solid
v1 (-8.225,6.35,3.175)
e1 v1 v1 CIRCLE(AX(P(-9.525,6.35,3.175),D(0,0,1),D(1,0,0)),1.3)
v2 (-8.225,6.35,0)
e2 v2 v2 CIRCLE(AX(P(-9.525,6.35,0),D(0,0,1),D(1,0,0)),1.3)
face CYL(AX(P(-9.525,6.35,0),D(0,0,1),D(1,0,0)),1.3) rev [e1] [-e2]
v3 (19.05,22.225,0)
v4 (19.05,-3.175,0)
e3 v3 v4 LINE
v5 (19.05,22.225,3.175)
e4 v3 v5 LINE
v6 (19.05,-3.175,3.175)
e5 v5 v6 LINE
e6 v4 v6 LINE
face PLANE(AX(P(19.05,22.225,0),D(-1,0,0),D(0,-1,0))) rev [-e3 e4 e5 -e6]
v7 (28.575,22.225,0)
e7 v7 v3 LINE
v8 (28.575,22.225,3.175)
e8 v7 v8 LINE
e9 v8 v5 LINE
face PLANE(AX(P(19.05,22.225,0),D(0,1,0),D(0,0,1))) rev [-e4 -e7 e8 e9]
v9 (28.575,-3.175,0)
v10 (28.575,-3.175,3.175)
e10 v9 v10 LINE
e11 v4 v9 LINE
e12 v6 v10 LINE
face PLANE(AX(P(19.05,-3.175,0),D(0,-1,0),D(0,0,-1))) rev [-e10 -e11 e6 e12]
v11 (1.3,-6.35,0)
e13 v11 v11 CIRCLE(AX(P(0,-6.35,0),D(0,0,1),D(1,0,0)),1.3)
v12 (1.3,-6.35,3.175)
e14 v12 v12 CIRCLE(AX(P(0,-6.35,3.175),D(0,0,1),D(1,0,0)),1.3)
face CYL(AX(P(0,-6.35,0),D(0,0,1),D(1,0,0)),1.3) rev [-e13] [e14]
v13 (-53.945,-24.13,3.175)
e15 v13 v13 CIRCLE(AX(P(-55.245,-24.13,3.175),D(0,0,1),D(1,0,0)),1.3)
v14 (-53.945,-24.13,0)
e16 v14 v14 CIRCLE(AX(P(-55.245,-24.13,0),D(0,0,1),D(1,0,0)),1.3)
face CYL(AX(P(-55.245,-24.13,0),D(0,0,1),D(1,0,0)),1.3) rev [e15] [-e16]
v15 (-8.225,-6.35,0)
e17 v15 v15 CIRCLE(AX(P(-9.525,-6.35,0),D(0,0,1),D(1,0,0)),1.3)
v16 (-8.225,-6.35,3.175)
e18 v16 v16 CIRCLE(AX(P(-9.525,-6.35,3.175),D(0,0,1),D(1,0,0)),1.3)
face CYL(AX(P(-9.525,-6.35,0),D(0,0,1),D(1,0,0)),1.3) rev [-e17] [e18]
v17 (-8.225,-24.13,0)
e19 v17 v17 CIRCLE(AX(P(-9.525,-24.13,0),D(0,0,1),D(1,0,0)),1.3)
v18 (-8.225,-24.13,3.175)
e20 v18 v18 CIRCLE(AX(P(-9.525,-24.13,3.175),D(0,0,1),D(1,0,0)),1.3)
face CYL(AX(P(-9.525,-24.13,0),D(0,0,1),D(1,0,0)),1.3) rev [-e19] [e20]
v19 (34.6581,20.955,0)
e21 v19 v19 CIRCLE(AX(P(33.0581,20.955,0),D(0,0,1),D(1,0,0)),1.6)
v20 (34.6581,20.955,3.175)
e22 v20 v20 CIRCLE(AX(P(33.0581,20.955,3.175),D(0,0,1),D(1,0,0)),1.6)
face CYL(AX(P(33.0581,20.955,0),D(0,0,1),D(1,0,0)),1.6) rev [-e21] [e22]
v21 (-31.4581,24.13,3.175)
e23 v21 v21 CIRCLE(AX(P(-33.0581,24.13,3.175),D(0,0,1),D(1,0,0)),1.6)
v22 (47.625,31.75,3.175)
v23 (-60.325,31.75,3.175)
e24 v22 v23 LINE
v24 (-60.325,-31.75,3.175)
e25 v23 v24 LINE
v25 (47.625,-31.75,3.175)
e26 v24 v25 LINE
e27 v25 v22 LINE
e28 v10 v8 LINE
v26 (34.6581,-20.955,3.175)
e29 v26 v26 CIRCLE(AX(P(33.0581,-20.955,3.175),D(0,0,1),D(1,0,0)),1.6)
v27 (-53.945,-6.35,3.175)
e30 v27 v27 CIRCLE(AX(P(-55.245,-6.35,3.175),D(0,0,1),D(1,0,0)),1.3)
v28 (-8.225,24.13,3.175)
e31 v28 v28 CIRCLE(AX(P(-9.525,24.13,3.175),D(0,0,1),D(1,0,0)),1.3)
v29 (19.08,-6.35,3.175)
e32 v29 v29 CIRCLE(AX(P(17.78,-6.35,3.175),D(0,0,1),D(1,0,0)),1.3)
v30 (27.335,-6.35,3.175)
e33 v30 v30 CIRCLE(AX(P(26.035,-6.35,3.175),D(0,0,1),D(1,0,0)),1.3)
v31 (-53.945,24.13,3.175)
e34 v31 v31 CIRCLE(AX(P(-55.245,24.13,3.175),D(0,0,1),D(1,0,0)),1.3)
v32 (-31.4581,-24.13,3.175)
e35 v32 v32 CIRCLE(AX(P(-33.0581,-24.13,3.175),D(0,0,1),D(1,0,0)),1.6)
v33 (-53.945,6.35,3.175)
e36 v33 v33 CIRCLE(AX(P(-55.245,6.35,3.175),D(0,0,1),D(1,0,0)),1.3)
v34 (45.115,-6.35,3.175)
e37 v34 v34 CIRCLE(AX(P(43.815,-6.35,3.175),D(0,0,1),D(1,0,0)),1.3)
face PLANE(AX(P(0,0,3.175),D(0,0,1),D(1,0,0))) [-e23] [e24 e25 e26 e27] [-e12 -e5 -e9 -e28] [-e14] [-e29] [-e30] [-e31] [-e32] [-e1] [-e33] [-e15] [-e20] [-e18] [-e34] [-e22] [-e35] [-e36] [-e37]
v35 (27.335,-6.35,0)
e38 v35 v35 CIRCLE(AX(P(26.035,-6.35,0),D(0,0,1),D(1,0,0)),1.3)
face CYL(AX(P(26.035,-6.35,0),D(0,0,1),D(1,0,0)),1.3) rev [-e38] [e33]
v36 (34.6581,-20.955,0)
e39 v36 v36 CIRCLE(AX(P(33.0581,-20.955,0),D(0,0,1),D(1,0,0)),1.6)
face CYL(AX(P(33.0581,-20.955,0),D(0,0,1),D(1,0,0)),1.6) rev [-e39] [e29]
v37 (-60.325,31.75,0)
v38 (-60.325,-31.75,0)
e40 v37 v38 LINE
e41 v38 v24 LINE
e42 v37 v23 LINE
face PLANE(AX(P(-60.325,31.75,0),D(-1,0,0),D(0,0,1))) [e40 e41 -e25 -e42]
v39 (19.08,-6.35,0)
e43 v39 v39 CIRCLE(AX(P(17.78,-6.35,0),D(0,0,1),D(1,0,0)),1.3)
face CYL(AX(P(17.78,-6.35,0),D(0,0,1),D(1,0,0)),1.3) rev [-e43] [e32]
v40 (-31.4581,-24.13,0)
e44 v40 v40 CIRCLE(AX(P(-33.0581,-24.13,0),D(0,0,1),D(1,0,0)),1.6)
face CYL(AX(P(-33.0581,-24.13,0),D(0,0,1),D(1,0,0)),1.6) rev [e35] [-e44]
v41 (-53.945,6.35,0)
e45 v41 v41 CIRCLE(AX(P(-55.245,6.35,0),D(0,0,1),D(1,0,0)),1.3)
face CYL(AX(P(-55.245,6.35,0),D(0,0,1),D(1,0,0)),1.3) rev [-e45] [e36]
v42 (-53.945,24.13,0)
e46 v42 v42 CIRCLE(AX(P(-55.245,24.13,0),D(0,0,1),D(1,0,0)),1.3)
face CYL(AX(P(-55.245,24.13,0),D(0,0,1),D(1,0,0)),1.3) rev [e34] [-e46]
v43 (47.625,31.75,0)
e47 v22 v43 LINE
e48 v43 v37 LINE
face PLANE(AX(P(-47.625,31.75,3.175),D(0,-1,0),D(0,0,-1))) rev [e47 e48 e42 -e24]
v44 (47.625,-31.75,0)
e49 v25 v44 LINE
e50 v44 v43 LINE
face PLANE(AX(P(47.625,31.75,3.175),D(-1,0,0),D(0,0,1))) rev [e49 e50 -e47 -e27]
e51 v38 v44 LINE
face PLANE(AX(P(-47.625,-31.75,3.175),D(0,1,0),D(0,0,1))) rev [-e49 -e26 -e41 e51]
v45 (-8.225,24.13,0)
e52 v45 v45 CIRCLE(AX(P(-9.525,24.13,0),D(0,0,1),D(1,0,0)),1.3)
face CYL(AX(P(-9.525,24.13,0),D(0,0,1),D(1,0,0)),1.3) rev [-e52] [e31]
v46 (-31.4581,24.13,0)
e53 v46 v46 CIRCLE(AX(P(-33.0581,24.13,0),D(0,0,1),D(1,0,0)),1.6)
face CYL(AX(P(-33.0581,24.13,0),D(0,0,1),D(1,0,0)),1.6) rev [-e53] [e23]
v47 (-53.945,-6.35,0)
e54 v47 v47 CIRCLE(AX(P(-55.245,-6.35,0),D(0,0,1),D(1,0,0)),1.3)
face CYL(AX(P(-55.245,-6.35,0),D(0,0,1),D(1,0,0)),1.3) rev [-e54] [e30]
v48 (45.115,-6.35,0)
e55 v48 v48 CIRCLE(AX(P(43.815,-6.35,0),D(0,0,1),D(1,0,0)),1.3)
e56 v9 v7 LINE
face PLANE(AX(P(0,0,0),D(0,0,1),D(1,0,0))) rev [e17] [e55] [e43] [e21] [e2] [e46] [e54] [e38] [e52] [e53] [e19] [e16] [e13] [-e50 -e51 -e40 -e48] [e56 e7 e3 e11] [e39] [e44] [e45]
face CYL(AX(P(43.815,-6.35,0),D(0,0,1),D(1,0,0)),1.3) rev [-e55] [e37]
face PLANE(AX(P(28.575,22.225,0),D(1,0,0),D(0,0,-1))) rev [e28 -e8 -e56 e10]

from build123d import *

# Parameters (mm, degrees)
SKETCH1_W               = 95.25
SKETCH1_H               = 63.5
BOSS_EXTRUDE1_DEPTH     = 3.175
SKETCH2_R               = 1.6
CUT_EXTRUDE1_DEPTH      = 58.326117521
CUT_EXTRUDE2_DEPTH      = 58.326117521
CUT_EXTRUDE2_DEPTH_BACK = 58.326117521
SKETCH3_W               = 9.525
SKETCH3_H               = 25.4
SKETCH5_W               = 12.7
SKETCH5_H               = 63.5
BOSS_EXTRUDE2_DEPTH     = 3.175
SKETCH7_R               = 1.3
CUT_EXTRUDE3_DEPTH      = 69.244038201
SKETCH8_R               = 1.29999994
CUT_EXTRUDE4_DEPTH      = 3.175


with BuildPart() as part:
    # Sketch1 → Boss-Extrude1 (new body)
    with BuildSketch(Plane.XY):
        Rectangle(SKETCH1_W, SKETCH1_H)
    extrude(amount=BOSS_EXTRUDE1_DEPTH)

    # Sketch2 → Cut-Extrude1 (cut, through all)
    with BuildSketch(Plane.XY.offset(3.175)):
        with Locations((33.0581, 20.955)):
            Circle(SKETCH2_R)
        with Locations((33.0581, -20.955)):
            Circle(SKETCH2_R)
        with Locations((-33.0581, 24.13)):
            Circle(SKETCH2_R)
        with Locations((-33.0581, -24.13)):
            Circle(SKETCH2_R)
    extrude(amount=-CUT_EXTRUDE1_DEPTH, mode=Mode.SUBTRACT)

    # Sketch3 → Cut-Extrude2 (cut, two sides: drawn at the far end of the back side and taken through both)
    with BuildSketch(Plane.XY.offset(3.175).offset(-CUT_EXTRUDE2_DEPTH_BACK)):
        with Locations((23.8125, 9.525)):
            Rectangle(SKETCH3_W, SKETCH3_H)
    extrude(amount=CUT_EXTRUDE2_DEPTH + CUT_EXTRUDE2_DEPTH_BACK, mode=Mode.SUBTRACT)

    # Sketch5 → Boss-Extrude2 (add)
    with BuildSketch(Plane.XY.offset(3.175)):
        with Locations((-53.975, 0)):
            Rectangle(SKETCH5_W, SKETCH5_H)
    extrude(amount=-BOSS_EXTRUDE2_DEPTH)

    # Sketch7 → Cut-Extrude3 (cut, through all)
    with BuildSketch(Plane.XY.offset(3.175)):
        with Locations((-55.245, 24.13)):
            Circle(SKETCH7_R)
        with Locations((-9.525, 24.13)):
            Circle(SKETCH7_R)
        with Locations((-9.525, 6.35)):
            Circle(SKETCH7_R)
        with Locations((-55.245, 6.35)):
            Circle(SKETCH7_R)
        with Locations((-55.245, -6.35)):
            Circle(SKETCH7_R)
        with Locations((-9.525, -6.35)):
            Circle(SKETCH7_R)
        with Locations((-9.525, -24.13)):
            Circle(SKETCH7_R)
        with Locations((-55.245, -24.13)):
            Circle(SKETCH7_R)
    extrude(amount=-CUT_EXTRUDE3_DEPTH, mode=Mode.SUBTRACT)

    # Sketch8 → Cut-Extrude4 (cut)
    with BuildSketch(Plane.XY.offset(3.175)):
        with Locations((0, -6.35)):
            Circle(SKETCH8_R)
        with Locations((43.815, -6.35)):
            Circle(SKETCH8_R)
        with Locations((17.78, -6.35)):
            Circle(SKETCH8_R)
        with Locations((26.035, -6.35)):
            Circle(SKETCH8_R)
    extrude(amount=-CUT_EXTRUDE4_DEPTH, mode=Mode.SUBTRACT)


solid = part.part
